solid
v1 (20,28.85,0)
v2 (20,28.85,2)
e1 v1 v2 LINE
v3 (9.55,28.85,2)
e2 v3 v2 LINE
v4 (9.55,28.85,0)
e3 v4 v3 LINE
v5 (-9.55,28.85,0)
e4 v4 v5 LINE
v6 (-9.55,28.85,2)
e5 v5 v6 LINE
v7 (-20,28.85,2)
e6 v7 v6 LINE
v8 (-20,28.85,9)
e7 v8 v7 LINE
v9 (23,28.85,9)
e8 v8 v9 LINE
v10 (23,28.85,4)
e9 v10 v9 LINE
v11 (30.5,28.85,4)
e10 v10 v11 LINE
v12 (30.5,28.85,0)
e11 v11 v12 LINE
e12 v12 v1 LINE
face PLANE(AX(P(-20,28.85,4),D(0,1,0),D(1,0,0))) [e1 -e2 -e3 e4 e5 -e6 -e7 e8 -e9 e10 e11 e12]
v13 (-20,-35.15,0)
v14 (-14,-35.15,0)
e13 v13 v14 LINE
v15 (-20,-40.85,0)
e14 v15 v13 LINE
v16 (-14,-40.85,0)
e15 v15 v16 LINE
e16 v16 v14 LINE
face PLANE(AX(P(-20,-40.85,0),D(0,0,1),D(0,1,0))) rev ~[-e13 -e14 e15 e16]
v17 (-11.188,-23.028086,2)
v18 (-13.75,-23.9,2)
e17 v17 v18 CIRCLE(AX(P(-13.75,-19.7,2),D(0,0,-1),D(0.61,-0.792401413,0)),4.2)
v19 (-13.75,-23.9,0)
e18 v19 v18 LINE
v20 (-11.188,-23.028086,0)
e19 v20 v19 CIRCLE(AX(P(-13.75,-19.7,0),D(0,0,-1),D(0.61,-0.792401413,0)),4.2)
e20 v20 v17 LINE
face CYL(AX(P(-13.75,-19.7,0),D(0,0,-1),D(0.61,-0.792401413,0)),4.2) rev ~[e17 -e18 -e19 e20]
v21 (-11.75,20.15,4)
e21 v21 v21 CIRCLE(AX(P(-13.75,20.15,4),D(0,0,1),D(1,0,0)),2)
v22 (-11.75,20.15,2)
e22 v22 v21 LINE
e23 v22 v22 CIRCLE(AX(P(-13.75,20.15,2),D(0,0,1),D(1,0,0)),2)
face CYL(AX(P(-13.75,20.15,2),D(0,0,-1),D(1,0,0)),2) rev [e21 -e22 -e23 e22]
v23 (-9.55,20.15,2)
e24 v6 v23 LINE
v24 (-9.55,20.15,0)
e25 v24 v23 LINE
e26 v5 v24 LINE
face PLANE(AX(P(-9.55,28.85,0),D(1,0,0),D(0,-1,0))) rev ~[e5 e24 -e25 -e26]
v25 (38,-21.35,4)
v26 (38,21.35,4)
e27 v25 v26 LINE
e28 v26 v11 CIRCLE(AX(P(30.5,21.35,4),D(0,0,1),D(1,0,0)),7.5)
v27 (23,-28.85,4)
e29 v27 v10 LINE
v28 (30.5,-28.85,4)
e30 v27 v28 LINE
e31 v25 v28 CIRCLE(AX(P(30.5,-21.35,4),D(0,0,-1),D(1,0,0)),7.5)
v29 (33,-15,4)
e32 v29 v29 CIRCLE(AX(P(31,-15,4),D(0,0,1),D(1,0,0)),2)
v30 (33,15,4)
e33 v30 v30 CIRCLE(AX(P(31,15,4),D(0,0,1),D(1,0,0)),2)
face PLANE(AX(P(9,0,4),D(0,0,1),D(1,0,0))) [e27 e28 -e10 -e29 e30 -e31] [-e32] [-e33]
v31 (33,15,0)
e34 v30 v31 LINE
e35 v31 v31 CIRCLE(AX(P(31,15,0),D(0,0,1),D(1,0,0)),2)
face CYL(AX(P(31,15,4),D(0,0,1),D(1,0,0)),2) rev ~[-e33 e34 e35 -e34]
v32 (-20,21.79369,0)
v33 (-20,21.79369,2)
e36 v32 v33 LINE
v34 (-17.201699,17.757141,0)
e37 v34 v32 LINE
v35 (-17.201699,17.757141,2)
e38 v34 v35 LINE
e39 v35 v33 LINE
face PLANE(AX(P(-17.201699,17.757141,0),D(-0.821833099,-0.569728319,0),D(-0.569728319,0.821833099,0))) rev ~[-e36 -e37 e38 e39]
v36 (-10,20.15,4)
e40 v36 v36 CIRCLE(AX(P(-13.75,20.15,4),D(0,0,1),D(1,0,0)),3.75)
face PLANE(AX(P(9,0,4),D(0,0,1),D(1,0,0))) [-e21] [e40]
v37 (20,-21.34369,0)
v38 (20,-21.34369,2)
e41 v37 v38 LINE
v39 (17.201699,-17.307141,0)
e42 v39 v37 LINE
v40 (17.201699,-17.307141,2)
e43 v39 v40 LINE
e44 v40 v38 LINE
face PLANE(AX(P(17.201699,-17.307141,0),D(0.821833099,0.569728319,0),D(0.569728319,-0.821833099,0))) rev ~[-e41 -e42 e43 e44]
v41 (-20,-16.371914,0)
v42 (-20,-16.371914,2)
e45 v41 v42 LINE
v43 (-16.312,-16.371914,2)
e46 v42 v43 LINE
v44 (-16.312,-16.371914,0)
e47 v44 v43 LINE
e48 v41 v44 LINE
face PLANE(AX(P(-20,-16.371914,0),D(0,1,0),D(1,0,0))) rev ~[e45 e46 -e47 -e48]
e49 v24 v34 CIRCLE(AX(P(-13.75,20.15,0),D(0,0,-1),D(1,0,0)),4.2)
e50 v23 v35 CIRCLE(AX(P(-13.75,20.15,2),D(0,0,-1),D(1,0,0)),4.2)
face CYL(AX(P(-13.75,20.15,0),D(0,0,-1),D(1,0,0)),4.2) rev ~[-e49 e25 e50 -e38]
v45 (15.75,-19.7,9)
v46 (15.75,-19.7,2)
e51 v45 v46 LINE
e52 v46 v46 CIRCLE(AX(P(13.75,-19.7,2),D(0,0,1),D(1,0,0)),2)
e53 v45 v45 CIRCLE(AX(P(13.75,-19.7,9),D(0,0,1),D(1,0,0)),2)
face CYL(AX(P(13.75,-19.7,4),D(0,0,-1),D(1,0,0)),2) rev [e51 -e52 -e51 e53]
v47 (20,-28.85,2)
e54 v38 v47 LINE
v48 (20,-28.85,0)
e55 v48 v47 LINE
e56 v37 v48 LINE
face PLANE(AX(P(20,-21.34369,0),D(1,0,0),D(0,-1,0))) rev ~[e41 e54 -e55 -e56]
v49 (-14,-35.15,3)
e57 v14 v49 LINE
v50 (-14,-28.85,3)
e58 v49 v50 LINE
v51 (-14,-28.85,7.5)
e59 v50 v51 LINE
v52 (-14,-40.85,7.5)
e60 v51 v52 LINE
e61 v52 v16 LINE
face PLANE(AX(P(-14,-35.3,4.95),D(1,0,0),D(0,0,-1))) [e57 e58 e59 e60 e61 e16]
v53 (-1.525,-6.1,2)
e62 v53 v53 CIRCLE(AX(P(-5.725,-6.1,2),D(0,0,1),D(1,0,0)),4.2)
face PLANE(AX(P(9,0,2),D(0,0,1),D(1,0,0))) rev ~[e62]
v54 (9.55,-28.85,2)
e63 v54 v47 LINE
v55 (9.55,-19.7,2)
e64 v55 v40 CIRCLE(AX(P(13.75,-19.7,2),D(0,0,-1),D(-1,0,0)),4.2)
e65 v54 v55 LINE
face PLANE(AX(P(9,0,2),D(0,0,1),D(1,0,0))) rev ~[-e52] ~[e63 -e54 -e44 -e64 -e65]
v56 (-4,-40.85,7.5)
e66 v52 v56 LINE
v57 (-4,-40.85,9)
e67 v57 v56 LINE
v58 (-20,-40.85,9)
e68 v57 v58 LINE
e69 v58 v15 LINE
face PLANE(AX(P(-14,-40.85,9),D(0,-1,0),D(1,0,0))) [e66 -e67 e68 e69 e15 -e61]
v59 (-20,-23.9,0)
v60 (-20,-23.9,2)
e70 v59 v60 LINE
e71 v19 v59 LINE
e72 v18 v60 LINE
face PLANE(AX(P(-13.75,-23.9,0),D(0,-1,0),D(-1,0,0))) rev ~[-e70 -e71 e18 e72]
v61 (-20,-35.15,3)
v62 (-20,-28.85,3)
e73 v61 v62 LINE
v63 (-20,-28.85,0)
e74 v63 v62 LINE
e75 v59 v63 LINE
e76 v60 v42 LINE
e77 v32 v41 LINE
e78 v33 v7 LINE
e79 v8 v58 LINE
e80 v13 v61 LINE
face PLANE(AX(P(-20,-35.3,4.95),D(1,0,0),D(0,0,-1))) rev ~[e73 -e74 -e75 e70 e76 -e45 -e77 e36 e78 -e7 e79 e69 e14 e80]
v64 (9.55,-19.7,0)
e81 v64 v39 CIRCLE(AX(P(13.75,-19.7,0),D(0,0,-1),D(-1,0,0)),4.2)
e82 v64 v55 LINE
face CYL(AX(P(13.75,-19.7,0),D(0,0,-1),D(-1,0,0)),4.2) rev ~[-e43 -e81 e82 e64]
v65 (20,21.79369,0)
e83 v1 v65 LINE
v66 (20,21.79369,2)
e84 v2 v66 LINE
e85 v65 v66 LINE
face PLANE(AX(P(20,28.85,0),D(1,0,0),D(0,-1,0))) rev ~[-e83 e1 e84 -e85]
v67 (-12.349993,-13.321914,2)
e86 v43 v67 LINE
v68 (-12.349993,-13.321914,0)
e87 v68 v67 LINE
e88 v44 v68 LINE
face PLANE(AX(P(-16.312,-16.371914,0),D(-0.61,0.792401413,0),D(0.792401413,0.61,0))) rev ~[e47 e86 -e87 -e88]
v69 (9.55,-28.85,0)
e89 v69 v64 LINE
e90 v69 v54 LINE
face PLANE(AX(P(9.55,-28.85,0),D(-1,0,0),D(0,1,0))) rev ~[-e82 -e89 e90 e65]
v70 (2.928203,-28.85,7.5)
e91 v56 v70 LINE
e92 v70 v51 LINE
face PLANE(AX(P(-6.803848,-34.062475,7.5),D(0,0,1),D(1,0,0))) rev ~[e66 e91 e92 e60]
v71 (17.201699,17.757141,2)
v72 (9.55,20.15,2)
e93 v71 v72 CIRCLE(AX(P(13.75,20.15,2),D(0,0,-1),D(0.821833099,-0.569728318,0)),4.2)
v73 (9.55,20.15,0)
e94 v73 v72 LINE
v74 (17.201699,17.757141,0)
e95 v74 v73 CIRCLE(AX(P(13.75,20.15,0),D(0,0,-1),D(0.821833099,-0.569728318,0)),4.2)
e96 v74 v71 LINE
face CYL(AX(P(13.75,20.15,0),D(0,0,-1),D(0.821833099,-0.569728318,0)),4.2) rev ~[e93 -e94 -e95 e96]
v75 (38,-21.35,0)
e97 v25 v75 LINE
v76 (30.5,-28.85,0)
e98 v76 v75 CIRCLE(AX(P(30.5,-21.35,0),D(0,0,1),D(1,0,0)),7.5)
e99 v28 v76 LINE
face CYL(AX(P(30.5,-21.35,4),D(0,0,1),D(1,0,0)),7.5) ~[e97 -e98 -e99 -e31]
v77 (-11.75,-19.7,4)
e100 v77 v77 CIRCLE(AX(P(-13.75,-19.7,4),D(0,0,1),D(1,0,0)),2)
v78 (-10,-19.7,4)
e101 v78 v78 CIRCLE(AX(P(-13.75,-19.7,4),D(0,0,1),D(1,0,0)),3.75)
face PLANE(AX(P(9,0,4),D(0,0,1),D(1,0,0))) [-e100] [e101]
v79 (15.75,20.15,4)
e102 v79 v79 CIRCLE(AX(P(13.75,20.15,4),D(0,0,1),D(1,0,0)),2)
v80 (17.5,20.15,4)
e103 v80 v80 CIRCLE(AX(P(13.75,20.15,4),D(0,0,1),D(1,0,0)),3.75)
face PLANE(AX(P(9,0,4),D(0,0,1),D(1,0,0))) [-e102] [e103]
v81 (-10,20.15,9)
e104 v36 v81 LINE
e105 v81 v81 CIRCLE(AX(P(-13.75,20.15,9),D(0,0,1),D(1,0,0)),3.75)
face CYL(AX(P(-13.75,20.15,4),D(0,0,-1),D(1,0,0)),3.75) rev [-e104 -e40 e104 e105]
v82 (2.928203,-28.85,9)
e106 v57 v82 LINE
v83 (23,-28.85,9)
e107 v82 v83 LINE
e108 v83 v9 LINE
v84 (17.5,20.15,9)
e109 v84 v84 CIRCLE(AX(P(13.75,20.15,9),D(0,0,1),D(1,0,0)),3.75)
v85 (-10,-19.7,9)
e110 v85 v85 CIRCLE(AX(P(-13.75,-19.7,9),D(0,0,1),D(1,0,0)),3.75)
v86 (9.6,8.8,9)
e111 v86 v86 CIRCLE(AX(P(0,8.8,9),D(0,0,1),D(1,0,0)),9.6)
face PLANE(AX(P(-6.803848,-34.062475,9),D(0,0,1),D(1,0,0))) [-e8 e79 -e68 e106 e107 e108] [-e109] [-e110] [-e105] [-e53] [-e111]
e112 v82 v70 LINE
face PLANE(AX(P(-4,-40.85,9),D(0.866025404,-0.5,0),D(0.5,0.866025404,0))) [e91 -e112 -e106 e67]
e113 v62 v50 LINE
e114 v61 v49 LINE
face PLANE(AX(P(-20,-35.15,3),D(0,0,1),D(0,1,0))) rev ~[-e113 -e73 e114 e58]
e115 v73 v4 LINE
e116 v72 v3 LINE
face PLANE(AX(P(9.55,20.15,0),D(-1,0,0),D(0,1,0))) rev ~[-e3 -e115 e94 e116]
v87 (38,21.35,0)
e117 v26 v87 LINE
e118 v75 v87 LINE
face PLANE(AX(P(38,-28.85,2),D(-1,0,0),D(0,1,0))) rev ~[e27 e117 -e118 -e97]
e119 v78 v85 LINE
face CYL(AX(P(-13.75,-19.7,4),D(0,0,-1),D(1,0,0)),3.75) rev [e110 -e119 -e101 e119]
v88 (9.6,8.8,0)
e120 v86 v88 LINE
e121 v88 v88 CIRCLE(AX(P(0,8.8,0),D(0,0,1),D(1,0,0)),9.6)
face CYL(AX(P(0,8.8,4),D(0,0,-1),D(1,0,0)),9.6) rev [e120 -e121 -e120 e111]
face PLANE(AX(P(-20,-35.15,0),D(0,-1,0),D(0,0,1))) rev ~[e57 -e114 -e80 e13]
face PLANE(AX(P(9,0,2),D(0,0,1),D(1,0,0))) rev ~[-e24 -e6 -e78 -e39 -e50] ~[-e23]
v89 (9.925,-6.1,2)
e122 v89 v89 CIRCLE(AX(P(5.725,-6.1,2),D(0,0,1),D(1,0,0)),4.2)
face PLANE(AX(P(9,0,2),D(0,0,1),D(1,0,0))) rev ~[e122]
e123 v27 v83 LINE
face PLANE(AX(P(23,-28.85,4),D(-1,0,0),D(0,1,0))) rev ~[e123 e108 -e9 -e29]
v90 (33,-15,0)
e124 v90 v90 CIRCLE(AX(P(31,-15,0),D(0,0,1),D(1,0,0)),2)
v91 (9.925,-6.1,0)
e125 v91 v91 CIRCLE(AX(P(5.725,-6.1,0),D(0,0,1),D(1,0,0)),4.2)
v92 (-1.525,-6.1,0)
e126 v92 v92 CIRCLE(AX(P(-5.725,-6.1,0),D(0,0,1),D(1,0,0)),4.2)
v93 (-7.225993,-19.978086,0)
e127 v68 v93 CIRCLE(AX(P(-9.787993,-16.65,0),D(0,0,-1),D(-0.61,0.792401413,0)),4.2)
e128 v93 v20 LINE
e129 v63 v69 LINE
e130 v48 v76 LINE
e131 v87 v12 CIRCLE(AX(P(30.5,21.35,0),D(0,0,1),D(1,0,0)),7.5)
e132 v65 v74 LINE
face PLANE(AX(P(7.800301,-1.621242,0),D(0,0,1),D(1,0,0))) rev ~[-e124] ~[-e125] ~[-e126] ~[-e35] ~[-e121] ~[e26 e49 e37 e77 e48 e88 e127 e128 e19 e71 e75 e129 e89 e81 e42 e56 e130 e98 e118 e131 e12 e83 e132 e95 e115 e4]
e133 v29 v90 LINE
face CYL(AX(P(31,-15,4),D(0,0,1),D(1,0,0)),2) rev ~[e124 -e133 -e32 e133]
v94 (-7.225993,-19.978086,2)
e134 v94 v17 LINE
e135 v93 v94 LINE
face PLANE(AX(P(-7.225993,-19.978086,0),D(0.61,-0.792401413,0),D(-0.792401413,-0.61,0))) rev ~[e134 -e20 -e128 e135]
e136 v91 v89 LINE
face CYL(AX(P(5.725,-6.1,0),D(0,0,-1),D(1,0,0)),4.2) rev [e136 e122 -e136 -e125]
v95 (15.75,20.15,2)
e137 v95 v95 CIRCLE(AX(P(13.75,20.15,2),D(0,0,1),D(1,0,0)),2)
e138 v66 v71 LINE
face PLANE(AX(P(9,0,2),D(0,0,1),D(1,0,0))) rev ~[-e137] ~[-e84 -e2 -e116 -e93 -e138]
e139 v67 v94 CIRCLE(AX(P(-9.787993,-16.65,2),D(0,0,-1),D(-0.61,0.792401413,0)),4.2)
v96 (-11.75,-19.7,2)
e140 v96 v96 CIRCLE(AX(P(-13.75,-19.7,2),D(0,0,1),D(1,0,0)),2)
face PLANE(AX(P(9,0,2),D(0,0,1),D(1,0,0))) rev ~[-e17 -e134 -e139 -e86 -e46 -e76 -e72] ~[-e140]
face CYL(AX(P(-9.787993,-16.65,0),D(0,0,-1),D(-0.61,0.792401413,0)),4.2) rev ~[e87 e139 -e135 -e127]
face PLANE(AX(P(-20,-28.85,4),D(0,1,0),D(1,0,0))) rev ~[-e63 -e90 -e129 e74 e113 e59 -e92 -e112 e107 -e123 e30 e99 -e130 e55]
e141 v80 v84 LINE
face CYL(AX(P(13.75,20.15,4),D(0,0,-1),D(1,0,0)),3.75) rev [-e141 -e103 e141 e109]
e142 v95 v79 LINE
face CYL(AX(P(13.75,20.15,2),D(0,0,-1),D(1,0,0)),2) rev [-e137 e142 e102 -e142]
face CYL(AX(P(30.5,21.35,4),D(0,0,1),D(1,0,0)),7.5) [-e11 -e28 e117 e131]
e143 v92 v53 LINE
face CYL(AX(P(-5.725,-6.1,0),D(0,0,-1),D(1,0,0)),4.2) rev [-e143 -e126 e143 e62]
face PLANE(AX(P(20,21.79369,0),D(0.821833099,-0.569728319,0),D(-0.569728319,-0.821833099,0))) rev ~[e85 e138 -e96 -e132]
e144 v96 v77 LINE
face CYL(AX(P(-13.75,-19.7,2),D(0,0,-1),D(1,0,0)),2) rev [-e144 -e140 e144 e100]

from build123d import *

# Parameters (mm, degrees)
SKETCH1_R           = 9.6
SKETCH1_R_2         = 4.2
BOSS_EXTRUDE1_DEPTH = 2
SKETCH4_W           = 58
SKETCH4_H           = 57.7
SKETCH4_R           = 2
SKETCH4_R_2         = 9.6
BOSS_EXTRUDE3_DEPTH = 2
SKETCH5_R           = 2
CUT_EXTRUDE1_DEPTH  = 4
SKETCH6_W           = 43
SKETCH6_H           = 57.7
SKETCH6_R           = 3.75
SKETCH6_R_2         = 9.6
SKETCH6_R_3         = 2
BOSS_EXTRUDE4_DEPTH = 5
CUT_EXTRUDE2_DEPTH  = 48.972101267
BOSS_EXTRUDE5_DEPTH = 6
BOSS_EXTRUDE6_DEPTH = 1.5


with BuildPart() as part:
    # Sketch1 → Boss-Extrude1 (new body)
    with BuildSketch(Plane.XY):
        with BuildLine():
            Line((38, 28.85), (20, 28.85))
            Line((20, 28.85), (20, 21.79369023))
            Line((20, 21.79369023), (17.201699017, 17.757141063))
            ThreePointArc((17.201699017, 17.757141063), (12.496432266, 16.141438171), (9.55, 20.15))
            Line((9.55, 20.15), (9.55, 28.85))
            Line((9.55, 28.85), (-9.55, 28.85))
            Line((-9.55, 28.85), (-9.55, 20.15))
            ThreePointArc((-9.55, 20.15), (-12.496432266, 16.141438171), (-17.201699017, 17.757141063))
            Line((-17.201699017, 17.757141063), (-20, 21.79369023))
            Line((-20, 21.79369023), (-20, -16.371914064))
            Line((-20, -16.371914064), (-16.312, -16.371914064))
            Line((-16.312, -16.371914064), (-12.349992933, -13.321914064))
            ThreePointArc((-12.349992933, -13.321914064), (-6.459906996, -14.088), (-7.225992933, -19.978085936))
            Line((-7.225992933, -19.978085936), (-11.188, -23.028085936))
            ThreePointArc((-11.188, -23.028085936), (-12.396848296, -23.676050863), (-13.75, -23.9))
            Line((-13.75, -23.9), (-20, -23.9))
            Line((-20, -23.9), (-20, -28.85))
            Line((-20, -28.85), (9.55, -28.85))
            Line((9.55, -28.85), (9.55, -19.7))
            ThreePointArc((9.55, -19.7), (12.496432266, -15.691438171), (17.201699017, -17.307141063))
            Line((17.201699017, -17.307141063), (20, -21.34369023))
            Line((20, -21.34369023), (20, -28.85))
            Line((20, -28.85), (38, -28.85))
            Line((38, -28.85), (38, 28.85))
        make_face()
        with Locations((0, 8.8)):
            Circle(SKETCH1_R, mode=Mode.SUBTRACT)
        with Locations((-5.725, -6.1)):
            Circle(SKETCH1_R_2, mode=Mode.SUBTRACT)
        with Locations((5.725, -6.1)):
            Circle(SKETCH1_R_2, mode=Mode.SUBTRACT)
    extrude(amount=BOSS_EXTRUDE1_DEPTH)

    # Sketch4 → Boss-Extrude3 (add)
    with BuildSketch(Plane.XY.offset(2)):
        with Locations((9, 0)):
            Rectangle(SKETCH4_W, SKETCH4_H)
        with Locations((13.75, -19.7)):
            Circle(SKETCH4_R, mode=Mode.SUBTRACT)
        with Locations((-13.75, 20.15)):
            Circle(SKETCH4_R, mode=Mode.SUBTRACT)
        with Locations((13.75, 20.15)):
            Circle(SKETCH4_R, mode=Mode.SUBTRACT)
        with Locations((-13.75, -19.7)):
            Circle(SKETCH4_R, mode=Mode.SUBTRACT)
        with Locations((0, 8.8)):
            Circle(SKETCH4_R_2, mode=Mode.SUBTRACT)
    extrude(amount=BOSS_EXTRUDE3_DEPTH)

    # Sketch5 → Cut-Extrude1 (cut)
    with BuildSketch(Plane.XY.offset(4)):
        with Locations((31, 15)):
            Circle(SKETCH5_R)
        with Locations((31, -15)):
            Circle(SKETCH5_R)
    extrude(amount=-CUT_EXTRUDE1_DEPTH, mode=Mode.SUBTRACT)

    # Sketch6 → Boss-Extrude4 (add)
    with BuildSketch(Plane.XY.offset(4)):
        with Locations((1.5, 0)):
            Rectangle(SKETCH6_W, SKETCH6_H)
        with Locations((-13.75, -19.7)):
            Circle(SKETCH6_R, mode=Mode.SUBTRACT)
        with Locations((0, 8.8)):
            Circle(SKETCH6_R_2, mode=Mode.SUBTRACT)
        with Locations((-13.75, 20.15)):
            Circle(SKETCH6_R, mode=Mode.SUBTRACT)
        with Locations((13.75, 20.15)):
            Circle(SKETCH6_R, mode=Mode.SUBTRACT)
        with Locations((13.75, -19.7)):
            Circle(SKETCH6_R_3, mode=Mode.SUBTRACT)
    extrude(amount=BOSS_EXTRUDE4_DEPTH)

    # Sketch7 → Cut-Extrude2 (cut, through all)
    with BuildSketch(Plane.XY.offset(4)):
        with BuildLine():
            Line((30.5, 28.85), (38, 28.85))
            Line((38, 28.85), (38, 21.35))
            ThreePointArc((38, 21.35), (35.803300859, 26.653300859), (30.5, 28.85))
        make_face()
        with BuildLine():
            Line((38, -28.85), (38, -21.35))
            ThreePointArc((38, -21.35), (35.803300859, -26.653300859), (30.5, -28.85))
            Line((30.5, -28.85), (38, -28.85))
        make_face()
    extrude(amount=-CUT_EXTRUDE2_DEPTH, mode=Mode.SUBTRACT)

    # Sketch9 → Boss-Extrude5 (add)
    with BuildSketch(Plane.ZY.offset(20)):
        Polygon((9, -28.85), (9, -40.85), (0, -40.85), (0, -35.15), (3, -35.15), (3, -28.85), align=None)
    extrude(amount=-BOSS_EXTRUDE5_DEPTH)

    # Sketch10 → Boss-Extrude6 (add)
    with BuildSketch(Plane.XY.offset(9)):
        Polygon((-14, -40.85), (-4, -40.85), (2.92820323, -28.85), (-14, -28.85), align=None)
    extrude(amount=-BOSS_EXTRUDE6_DEPTH)


solid = part.part
